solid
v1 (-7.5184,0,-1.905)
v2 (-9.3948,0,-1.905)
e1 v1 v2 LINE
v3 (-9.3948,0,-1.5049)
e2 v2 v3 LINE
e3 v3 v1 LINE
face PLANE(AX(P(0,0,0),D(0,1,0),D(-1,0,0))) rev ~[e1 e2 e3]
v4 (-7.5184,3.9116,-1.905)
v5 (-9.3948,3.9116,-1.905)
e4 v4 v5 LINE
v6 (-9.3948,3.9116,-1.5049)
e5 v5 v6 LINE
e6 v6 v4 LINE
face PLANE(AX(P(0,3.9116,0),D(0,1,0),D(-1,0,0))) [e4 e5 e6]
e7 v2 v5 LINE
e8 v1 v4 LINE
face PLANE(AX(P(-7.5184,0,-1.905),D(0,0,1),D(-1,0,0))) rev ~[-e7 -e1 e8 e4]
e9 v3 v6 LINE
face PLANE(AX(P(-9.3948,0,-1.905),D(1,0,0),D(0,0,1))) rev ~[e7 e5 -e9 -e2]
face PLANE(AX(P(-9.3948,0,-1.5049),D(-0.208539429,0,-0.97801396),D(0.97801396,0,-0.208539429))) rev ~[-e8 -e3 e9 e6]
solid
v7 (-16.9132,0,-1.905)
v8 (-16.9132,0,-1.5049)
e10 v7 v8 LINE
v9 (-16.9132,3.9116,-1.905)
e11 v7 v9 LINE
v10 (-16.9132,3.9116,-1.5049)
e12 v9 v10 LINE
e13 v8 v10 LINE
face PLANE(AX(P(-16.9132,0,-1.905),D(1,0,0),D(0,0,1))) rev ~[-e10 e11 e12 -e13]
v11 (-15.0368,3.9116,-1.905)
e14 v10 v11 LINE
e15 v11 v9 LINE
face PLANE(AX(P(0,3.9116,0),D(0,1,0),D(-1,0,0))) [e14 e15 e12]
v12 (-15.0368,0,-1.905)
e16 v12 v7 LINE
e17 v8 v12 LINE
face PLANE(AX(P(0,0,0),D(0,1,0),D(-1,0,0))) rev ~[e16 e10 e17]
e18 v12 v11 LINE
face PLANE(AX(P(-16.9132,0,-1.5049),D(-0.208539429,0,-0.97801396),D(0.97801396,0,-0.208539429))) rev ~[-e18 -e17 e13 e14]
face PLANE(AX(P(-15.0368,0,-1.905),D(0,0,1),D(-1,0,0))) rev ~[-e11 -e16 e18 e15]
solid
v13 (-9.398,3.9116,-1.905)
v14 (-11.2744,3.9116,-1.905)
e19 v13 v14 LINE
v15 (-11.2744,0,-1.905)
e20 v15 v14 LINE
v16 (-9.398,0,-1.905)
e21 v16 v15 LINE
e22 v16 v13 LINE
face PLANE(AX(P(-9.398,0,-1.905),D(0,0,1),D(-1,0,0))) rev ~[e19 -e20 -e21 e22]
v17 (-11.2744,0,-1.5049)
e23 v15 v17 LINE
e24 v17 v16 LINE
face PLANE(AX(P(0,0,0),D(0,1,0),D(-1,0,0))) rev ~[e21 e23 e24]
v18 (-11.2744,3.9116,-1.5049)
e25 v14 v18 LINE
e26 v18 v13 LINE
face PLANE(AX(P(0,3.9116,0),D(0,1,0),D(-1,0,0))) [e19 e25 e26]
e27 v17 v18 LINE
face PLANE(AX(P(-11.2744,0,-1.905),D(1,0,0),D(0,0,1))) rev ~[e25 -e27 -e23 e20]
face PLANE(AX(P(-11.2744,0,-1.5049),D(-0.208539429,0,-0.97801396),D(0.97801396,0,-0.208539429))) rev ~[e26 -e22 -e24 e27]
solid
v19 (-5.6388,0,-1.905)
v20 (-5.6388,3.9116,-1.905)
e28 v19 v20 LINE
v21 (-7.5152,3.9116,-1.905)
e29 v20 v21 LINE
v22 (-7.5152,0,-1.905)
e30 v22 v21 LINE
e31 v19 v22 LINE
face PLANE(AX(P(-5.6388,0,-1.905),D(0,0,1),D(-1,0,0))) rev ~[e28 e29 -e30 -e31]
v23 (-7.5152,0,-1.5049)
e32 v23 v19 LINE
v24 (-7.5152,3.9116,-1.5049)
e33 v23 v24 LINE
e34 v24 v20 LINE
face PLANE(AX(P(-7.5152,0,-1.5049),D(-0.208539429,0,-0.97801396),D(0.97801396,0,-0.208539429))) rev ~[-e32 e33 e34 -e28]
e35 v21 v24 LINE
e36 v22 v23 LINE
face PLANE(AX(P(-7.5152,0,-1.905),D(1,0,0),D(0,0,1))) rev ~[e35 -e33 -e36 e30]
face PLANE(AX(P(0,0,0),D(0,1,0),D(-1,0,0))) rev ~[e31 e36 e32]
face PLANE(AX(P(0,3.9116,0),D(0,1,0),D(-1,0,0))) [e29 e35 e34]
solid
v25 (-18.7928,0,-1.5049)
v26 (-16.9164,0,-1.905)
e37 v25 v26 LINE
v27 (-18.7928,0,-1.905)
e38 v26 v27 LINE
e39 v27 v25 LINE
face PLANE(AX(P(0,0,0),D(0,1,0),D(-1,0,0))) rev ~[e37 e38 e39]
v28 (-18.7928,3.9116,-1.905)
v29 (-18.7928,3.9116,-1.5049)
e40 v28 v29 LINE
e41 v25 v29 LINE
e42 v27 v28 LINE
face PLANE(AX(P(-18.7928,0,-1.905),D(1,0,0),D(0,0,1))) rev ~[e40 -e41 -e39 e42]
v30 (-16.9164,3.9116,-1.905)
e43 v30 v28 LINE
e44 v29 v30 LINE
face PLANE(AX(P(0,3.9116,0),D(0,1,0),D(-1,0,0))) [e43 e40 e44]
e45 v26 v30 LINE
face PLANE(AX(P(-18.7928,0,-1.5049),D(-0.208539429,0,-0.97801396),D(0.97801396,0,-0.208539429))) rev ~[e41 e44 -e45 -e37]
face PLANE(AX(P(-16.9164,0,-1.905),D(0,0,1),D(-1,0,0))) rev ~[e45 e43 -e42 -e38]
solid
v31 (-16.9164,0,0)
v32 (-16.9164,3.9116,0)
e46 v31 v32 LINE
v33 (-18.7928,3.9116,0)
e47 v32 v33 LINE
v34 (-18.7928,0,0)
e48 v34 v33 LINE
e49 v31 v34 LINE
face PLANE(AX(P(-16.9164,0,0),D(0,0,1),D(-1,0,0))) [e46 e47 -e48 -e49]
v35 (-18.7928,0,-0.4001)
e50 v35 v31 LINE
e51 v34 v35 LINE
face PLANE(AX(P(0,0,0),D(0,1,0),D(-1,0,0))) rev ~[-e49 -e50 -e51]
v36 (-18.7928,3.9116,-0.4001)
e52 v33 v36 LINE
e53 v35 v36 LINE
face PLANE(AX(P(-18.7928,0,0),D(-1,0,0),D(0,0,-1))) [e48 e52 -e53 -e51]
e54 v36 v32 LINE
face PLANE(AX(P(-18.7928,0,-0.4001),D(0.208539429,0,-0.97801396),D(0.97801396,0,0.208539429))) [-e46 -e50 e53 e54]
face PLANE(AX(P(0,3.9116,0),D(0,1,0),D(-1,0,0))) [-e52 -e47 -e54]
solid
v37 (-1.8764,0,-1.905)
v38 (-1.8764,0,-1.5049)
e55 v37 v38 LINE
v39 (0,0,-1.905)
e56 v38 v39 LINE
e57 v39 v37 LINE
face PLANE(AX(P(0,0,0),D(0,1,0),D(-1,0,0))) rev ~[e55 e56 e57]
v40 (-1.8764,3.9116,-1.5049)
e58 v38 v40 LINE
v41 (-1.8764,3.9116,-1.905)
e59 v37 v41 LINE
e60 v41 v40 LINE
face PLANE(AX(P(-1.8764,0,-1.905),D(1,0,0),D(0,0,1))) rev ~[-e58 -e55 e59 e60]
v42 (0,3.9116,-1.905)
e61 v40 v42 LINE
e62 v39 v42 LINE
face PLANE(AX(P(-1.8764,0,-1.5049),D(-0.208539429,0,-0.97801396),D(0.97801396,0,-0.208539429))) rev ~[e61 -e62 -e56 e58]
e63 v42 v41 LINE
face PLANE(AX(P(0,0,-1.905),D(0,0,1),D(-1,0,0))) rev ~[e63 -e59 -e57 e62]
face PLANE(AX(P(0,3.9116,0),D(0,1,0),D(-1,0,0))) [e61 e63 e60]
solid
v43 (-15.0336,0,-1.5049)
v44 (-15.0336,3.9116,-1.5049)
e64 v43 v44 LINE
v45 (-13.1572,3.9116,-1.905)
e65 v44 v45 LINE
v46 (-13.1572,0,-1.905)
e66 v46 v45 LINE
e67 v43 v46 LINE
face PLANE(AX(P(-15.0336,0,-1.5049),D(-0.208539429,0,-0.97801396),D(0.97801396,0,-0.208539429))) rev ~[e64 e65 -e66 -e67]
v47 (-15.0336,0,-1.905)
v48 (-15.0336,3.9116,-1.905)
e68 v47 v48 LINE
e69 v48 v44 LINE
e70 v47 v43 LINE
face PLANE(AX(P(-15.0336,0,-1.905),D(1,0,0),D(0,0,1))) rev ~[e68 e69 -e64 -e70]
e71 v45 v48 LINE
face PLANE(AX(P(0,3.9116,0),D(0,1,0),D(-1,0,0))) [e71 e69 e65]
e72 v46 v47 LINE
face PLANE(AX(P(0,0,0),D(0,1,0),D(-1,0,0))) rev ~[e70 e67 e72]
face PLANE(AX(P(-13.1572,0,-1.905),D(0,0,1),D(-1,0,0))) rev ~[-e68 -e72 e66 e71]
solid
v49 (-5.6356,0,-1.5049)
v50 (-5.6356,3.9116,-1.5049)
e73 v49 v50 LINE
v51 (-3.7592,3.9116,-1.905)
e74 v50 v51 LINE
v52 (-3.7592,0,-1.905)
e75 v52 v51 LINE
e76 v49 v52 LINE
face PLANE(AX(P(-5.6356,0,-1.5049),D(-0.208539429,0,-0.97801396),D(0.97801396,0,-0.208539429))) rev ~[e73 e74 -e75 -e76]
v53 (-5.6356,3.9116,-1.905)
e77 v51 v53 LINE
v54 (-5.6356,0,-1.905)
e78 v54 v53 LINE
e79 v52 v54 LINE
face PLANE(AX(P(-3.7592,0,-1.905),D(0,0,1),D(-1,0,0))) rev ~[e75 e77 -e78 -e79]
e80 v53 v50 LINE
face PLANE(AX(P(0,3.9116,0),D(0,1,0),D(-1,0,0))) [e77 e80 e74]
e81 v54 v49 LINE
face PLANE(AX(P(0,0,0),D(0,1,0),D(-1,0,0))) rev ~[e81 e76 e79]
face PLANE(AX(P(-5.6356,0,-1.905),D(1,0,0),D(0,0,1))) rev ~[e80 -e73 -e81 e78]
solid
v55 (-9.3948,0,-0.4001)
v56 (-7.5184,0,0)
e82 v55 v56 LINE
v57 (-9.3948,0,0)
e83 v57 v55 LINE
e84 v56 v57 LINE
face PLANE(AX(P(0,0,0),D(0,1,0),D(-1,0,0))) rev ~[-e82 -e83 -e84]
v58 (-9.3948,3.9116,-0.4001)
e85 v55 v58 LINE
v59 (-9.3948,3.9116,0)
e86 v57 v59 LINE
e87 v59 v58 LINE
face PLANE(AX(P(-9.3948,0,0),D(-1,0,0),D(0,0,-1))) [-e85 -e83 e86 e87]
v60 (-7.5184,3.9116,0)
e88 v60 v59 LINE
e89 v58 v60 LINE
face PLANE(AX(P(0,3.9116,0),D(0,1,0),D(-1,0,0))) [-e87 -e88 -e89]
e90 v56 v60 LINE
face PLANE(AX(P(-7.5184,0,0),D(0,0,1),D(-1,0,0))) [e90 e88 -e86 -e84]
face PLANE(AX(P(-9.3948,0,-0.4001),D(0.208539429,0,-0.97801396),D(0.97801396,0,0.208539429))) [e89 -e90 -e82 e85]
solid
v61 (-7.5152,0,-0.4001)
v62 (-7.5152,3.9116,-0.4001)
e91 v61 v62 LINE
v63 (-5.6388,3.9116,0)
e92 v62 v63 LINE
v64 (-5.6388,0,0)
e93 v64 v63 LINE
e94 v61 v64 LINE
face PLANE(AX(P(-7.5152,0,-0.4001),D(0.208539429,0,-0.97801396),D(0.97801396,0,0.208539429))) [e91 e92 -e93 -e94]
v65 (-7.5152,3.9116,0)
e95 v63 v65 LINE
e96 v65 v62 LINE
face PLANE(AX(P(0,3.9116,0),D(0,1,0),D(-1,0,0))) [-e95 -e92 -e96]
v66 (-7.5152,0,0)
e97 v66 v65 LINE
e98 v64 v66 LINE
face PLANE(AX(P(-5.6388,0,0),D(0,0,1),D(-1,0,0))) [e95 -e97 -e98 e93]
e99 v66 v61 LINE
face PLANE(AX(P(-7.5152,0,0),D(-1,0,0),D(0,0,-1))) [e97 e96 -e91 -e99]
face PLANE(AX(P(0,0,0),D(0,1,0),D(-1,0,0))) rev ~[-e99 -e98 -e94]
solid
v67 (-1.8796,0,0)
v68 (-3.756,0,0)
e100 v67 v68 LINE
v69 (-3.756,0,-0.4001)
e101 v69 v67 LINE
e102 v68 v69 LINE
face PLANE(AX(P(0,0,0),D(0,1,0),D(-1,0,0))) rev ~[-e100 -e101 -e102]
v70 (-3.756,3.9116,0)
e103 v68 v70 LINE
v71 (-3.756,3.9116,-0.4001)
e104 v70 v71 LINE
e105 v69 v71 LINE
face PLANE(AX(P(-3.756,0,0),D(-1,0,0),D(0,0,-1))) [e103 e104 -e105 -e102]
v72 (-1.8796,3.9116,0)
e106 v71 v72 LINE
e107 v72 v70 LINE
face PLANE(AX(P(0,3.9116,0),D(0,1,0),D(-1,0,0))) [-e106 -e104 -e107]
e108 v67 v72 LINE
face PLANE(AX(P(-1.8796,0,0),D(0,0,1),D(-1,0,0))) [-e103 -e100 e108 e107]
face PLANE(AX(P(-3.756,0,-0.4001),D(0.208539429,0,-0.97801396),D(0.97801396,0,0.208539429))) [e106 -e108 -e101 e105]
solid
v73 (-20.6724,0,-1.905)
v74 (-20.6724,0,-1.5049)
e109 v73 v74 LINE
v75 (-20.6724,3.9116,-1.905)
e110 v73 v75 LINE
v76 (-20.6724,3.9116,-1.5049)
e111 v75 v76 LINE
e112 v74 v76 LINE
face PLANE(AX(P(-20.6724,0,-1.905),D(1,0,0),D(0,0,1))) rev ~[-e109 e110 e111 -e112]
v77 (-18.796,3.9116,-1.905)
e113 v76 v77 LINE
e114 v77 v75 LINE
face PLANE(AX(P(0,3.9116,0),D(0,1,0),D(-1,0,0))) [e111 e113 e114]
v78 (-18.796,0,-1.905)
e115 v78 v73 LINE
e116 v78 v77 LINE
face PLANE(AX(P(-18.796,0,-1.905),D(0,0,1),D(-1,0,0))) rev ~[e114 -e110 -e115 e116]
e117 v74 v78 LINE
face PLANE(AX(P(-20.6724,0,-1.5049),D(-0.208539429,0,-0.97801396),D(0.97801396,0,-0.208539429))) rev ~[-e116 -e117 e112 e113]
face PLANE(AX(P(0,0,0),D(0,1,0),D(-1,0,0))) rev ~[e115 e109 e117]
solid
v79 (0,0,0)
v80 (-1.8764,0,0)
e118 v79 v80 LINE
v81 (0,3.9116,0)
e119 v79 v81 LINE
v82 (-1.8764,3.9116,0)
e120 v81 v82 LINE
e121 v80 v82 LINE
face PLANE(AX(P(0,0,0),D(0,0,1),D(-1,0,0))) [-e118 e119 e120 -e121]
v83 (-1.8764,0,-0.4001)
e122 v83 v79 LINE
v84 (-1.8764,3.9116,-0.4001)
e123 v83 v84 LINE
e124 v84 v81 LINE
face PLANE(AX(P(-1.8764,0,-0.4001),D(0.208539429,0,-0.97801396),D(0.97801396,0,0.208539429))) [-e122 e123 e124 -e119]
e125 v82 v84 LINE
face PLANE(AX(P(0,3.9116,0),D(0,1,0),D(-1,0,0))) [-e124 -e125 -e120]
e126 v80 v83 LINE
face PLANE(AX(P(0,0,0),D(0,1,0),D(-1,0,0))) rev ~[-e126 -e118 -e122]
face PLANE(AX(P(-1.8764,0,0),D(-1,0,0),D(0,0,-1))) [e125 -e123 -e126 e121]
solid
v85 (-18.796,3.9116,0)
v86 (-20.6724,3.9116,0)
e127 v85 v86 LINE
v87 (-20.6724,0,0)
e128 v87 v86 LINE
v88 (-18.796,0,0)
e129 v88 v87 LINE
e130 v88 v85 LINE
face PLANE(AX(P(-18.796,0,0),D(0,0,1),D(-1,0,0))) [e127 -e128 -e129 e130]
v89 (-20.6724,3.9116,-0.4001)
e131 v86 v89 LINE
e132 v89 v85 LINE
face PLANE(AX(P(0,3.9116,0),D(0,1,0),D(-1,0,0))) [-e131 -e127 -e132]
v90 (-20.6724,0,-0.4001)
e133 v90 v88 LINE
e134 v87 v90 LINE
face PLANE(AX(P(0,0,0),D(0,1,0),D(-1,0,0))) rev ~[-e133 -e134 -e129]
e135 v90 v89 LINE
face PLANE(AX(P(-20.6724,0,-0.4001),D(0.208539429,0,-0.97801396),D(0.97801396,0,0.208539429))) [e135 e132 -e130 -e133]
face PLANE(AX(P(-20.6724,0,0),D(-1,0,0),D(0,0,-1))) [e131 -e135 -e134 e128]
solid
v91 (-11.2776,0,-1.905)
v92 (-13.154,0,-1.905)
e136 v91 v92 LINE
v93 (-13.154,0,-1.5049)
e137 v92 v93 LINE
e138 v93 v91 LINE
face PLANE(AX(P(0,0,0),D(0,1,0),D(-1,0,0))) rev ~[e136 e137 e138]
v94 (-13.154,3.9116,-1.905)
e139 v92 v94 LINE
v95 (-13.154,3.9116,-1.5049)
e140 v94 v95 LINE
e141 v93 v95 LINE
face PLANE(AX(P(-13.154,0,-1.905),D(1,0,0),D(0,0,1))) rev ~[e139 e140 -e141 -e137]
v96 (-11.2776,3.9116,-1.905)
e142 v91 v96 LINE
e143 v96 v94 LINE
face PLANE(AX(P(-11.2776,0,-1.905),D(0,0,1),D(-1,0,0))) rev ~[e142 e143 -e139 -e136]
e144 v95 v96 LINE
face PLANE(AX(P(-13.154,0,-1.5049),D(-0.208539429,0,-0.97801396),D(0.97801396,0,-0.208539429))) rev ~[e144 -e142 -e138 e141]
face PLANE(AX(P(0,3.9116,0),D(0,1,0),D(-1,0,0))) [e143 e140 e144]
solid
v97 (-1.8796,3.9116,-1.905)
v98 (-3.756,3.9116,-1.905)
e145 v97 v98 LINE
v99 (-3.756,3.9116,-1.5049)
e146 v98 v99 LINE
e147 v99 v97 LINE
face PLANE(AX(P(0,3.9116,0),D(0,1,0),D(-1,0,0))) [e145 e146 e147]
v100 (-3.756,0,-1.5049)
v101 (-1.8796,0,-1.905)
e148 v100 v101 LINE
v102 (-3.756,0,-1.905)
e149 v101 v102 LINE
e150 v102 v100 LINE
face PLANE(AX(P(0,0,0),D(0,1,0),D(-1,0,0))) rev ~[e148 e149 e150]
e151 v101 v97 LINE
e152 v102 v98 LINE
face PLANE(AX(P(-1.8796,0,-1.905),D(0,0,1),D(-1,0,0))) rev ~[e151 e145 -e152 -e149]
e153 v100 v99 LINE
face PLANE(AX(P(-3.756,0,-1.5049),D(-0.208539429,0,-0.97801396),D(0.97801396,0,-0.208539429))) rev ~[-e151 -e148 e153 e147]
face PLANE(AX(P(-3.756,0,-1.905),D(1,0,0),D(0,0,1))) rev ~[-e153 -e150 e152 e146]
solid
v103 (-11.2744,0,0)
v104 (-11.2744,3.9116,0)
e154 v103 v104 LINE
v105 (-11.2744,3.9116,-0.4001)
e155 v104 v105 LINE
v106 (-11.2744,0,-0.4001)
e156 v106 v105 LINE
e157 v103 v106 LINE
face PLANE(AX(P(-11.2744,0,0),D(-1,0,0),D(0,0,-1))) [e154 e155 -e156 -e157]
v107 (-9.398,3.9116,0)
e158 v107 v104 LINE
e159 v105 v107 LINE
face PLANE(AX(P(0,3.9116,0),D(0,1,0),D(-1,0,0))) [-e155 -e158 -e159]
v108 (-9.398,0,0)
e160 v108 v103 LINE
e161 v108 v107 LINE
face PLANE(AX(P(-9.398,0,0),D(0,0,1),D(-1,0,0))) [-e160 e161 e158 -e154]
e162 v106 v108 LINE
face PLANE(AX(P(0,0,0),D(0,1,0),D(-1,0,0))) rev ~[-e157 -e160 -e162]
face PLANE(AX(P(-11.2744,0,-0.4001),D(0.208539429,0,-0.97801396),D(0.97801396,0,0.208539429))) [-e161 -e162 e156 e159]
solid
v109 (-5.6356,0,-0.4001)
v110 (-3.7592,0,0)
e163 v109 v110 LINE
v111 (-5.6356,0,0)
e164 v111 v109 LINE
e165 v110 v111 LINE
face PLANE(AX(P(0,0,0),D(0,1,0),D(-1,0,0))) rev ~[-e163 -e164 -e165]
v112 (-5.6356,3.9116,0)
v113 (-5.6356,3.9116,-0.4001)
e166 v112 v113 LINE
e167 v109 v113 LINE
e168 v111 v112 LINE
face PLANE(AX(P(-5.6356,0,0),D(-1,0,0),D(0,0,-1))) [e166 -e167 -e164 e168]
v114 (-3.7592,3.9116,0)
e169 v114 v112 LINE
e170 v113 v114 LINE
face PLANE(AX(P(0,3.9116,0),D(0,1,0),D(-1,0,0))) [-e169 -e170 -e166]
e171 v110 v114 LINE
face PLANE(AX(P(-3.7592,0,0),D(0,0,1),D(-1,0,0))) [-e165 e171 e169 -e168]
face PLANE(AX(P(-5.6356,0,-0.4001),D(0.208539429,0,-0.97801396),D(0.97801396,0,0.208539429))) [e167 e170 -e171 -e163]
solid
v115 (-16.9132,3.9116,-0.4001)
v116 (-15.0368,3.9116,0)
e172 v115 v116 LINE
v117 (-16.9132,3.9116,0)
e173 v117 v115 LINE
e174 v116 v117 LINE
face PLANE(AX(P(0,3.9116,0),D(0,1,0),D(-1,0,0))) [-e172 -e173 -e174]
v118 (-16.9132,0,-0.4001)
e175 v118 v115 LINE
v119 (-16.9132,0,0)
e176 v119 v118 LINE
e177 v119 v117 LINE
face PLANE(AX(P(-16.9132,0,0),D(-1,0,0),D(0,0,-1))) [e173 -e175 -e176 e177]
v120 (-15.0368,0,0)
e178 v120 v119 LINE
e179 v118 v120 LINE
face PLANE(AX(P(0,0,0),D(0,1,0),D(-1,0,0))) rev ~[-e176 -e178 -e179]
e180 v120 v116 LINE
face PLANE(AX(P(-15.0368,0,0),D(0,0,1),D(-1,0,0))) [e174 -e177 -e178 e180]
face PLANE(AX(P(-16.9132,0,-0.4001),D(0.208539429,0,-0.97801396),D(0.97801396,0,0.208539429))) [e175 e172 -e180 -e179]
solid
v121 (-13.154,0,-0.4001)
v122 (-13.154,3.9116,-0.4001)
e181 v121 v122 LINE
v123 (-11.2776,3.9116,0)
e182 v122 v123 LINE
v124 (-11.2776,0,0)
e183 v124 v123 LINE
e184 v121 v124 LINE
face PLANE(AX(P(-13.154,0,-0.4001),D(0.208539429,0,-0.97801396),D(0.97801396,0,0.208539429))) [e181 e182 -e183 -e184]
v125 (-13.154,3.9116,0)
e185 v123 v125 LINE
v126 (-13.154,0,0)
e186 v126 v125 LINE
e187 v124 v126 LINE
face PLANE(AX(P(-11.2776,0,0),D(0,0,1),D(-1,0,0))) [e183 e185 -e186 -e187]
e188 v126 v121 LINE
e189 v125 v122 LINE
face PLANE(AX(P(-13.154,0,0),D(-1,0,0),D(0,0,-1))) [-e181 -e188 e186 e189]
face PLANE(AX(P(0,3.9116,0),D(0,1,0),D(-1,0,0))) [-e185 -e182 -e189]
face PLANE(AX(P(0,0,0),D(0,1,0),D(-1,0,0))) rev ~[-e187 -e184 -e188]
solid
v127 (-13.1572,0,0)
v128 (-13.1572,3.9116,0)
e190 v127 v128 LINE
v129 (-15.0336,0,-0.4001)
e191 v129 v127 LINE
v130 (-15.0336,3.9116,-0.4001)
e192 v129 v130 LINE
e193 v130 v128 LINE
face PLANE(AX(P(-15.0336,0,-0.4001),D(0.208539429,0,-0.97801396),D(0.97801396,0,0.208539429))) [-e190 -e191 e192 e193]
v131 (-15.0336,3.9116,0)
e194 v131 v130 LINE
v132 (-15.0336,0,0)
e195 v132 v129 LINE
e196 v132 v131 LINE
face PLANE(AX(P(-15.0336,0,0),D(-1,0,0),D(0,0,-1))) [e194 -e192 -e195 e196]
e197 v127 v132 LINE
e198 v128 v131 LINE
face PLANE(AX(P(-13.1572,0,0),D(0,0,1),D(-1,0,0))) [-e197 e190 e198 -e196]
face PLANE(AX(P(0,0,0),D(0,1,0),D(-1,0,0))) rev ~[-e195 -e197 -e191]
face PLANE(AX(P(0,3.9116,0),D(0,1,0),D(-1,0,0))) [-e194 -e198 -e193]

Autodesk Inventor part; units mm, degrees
ref_plane "YZ Plane" through (0, 0, 0) normal (1, 0, 0) x (0, 1, 0)
ref_plane "XZ Plane" through (0, 0, 0) normal (0, 1, 0) x (-1, 0, 0)
ref_plane "XY Plane" through (0, 0, 0) normal (0, 0, 1) x (1, 0, 0)
sketch "Sketch3" plane through (0, 0, 0) normal (0, 1, 0) x (-1, 0, 0)
  line L0 (0, 0) -> (1.8764, 0)
  line L1 (1.8764, 0) -> (1.8764, -0.4001)
  line L2 (1.8764, -0.4001) -> (0, 0)
  line L3 (0, 0) -> (0, -0.9525) construction
  line L4 (0, -0.9525) -> (30.0228, -0.9525) construction
  line L5 (0, -1.905) -> (1.8764, -1.905)
  line L6 (1.8764, -1.905) -> (1.8764, -1.5049)
  line L7 (1.8764, -1.5049) -> (0, -1.905)
  line L8 (5.6356, 0) -> (5.6356, -0.4001)
  line L9 (3.7592, 0) -> (5.6356, 0)
  line L10 (5.6356, -0.4001) -> (3.7592, 0)
  line L11 (5.6356, -1.5049) -> (3.7592, -1.905)
  line L12 (5.6356, -1.905) -> (5.6356, -1.5049)
  line L13 (3.7592, -1.905) -> (5.6356, -1.905)
  line L14 (9.3948, 0) -> (9.3948, -0.4001)
  line L15 (7.5184, 0) -> (9.3948, 0)
  line L16 (9.3948, -0.4001) -> (7.5184, 0)
  line L17 (9.3948, -1.5049) -> (7.5184, -1.905)
  line L18 (9.3948, -1.905) -> (9.3948, -1.5049)
  line L19 (7.5184, -1.905) -> (9.3948, -1.905)
  line L20 (13.154, 0) -> (13.154, -0.4001)
  line L21 (11.2776, 0) -> (13.154, 0)
  line L22 (13.154, -0.4001) -> (11.2776, 0)
  line L23 (13.154, -1.5049) -> (11.2776, -1.905)
  line L24 (13.154, -1.905) -> (13.154, -1.5049)
  line L25 (11.2776, -1.905) -> (13.154, -1.905)
  line L26 (16.9132, 0) -> (16.9132, -0.4001)
  line L27 (15.0368, 0) -> (16.9132, 0)
  line L28 (16.9132, -0.4001) -> (15.0368, 0)
  line L29 (16.9132, -1.5049) -> (15.0368, -1.905)
  line L30 (16.9132, -1.905) -> (16.9132, -1.5049)
  line L31 (15.0368, -1.905) -> (16.9132, -1.905)
  line L32 (20.6724, 0) -> (20.6724, -0.4001)
  line L33 (18.796, 0) -> (20.6724, 0)
  line L34 (20.6724, -0.4001) -> (18.796, 0)
  line L35 (20.6724, -1.5049) -> (18.796, -1.905)
  line L36 (20.6724, -1.905) -> (20.6724, -1.5049)
  line L37 (18.796, -1.905) -> (20.6724, -1.905)
  line L38 (1.8796, 0) -> (3.756, 0)
  line L39 (3.756, 0) -> (3.756, -0.4001)
  line L40 (1.8796, -1.905) -> (3.756, -1.905)
  line L41 (3.756, -1.5049) -> (1.8796, -1.905)
  line L42 (3.756, -0.4001) -> (1.8796, 0)
  line L43 (1.8796, 0) -> (1.8796, -0.9525) construction
  line L44 (3.756, -1.905) -> (3.756, -1.5049)
  line L45 (7.5152, -1.905) -> (7.5152, -1.5049)
  line L46 (5.6388, -1.905) -> (7.5152, -1.905)
  line L47 (7.5152, -1.5049) -> (5.6388, -1.905)
  line L48 (7.5152, 0) -> (7.5152, -0.4001)
  line L49 (5.6388, 0) -> (7.5152, 0)
  line L50 (7.5152, -0.4001) -> (5.6388, 0)
  line L51 (11.2744, 0) -> (11.2744, -0.4001)
  line L52 (9.398, 0) -> (11.2744, 0)
  line L53 (11.2744, -0.4001) -> (9.398, 0)
  line L54 (9.398, -1.905) -> (11.2744, -1.905)
  line L55 (11.2744, -1.905) -> (11.2744, -1.5049)
  line L56 (11.2744, -1.5049) -> (9.398, -1.905)
  line L57 (1.8796, -0.9525) -> (31.9024, -0.9525) construction
  line L58 (13.1572, 0) -> (15.0336, 0)
  line L59 (15.0336, -0.4001) -> (13.1572, 0)
  line L60 (13.1572, -1.905) -> (15.0336, -1.905)
  line L61 (15.0336, -1.5049) -> (13.1572, -1.905)
  line L62 (15.0336, -1.905) -> (15.0336, -1.5049)
  line L63 (15.0336, 0) -> (15.0336, -0.4001)
  line L64 (18.7928, 0) -> (18.7928, -0.4001)
  line L65 (16.9164, 0) -> (18.7928, 0)
  line L66 (18.7928, -0.4001) -> (16.9164, 0)
  line L67 (18.7928, -1.5049) -> (16.9164, -1.905)
  line L68 (18.7928, -1.905) -> (18.7928, -1.5049)
  line L69 (16.9164, -1.905) -> (18.7928, -1.905)
  dimension "d34" = 1.8764
  dimension "d35" = 0.4001
  dimension "d36" = 0.9525
  dimension "d37" = 30.0228
  dimension "d40" = 3.7592
  dimension "d49" = 1.8796
extrude "Extrusion2" add sketch "Sketch3" along normal blind 3.9116
properties part number "SawTeeth"
